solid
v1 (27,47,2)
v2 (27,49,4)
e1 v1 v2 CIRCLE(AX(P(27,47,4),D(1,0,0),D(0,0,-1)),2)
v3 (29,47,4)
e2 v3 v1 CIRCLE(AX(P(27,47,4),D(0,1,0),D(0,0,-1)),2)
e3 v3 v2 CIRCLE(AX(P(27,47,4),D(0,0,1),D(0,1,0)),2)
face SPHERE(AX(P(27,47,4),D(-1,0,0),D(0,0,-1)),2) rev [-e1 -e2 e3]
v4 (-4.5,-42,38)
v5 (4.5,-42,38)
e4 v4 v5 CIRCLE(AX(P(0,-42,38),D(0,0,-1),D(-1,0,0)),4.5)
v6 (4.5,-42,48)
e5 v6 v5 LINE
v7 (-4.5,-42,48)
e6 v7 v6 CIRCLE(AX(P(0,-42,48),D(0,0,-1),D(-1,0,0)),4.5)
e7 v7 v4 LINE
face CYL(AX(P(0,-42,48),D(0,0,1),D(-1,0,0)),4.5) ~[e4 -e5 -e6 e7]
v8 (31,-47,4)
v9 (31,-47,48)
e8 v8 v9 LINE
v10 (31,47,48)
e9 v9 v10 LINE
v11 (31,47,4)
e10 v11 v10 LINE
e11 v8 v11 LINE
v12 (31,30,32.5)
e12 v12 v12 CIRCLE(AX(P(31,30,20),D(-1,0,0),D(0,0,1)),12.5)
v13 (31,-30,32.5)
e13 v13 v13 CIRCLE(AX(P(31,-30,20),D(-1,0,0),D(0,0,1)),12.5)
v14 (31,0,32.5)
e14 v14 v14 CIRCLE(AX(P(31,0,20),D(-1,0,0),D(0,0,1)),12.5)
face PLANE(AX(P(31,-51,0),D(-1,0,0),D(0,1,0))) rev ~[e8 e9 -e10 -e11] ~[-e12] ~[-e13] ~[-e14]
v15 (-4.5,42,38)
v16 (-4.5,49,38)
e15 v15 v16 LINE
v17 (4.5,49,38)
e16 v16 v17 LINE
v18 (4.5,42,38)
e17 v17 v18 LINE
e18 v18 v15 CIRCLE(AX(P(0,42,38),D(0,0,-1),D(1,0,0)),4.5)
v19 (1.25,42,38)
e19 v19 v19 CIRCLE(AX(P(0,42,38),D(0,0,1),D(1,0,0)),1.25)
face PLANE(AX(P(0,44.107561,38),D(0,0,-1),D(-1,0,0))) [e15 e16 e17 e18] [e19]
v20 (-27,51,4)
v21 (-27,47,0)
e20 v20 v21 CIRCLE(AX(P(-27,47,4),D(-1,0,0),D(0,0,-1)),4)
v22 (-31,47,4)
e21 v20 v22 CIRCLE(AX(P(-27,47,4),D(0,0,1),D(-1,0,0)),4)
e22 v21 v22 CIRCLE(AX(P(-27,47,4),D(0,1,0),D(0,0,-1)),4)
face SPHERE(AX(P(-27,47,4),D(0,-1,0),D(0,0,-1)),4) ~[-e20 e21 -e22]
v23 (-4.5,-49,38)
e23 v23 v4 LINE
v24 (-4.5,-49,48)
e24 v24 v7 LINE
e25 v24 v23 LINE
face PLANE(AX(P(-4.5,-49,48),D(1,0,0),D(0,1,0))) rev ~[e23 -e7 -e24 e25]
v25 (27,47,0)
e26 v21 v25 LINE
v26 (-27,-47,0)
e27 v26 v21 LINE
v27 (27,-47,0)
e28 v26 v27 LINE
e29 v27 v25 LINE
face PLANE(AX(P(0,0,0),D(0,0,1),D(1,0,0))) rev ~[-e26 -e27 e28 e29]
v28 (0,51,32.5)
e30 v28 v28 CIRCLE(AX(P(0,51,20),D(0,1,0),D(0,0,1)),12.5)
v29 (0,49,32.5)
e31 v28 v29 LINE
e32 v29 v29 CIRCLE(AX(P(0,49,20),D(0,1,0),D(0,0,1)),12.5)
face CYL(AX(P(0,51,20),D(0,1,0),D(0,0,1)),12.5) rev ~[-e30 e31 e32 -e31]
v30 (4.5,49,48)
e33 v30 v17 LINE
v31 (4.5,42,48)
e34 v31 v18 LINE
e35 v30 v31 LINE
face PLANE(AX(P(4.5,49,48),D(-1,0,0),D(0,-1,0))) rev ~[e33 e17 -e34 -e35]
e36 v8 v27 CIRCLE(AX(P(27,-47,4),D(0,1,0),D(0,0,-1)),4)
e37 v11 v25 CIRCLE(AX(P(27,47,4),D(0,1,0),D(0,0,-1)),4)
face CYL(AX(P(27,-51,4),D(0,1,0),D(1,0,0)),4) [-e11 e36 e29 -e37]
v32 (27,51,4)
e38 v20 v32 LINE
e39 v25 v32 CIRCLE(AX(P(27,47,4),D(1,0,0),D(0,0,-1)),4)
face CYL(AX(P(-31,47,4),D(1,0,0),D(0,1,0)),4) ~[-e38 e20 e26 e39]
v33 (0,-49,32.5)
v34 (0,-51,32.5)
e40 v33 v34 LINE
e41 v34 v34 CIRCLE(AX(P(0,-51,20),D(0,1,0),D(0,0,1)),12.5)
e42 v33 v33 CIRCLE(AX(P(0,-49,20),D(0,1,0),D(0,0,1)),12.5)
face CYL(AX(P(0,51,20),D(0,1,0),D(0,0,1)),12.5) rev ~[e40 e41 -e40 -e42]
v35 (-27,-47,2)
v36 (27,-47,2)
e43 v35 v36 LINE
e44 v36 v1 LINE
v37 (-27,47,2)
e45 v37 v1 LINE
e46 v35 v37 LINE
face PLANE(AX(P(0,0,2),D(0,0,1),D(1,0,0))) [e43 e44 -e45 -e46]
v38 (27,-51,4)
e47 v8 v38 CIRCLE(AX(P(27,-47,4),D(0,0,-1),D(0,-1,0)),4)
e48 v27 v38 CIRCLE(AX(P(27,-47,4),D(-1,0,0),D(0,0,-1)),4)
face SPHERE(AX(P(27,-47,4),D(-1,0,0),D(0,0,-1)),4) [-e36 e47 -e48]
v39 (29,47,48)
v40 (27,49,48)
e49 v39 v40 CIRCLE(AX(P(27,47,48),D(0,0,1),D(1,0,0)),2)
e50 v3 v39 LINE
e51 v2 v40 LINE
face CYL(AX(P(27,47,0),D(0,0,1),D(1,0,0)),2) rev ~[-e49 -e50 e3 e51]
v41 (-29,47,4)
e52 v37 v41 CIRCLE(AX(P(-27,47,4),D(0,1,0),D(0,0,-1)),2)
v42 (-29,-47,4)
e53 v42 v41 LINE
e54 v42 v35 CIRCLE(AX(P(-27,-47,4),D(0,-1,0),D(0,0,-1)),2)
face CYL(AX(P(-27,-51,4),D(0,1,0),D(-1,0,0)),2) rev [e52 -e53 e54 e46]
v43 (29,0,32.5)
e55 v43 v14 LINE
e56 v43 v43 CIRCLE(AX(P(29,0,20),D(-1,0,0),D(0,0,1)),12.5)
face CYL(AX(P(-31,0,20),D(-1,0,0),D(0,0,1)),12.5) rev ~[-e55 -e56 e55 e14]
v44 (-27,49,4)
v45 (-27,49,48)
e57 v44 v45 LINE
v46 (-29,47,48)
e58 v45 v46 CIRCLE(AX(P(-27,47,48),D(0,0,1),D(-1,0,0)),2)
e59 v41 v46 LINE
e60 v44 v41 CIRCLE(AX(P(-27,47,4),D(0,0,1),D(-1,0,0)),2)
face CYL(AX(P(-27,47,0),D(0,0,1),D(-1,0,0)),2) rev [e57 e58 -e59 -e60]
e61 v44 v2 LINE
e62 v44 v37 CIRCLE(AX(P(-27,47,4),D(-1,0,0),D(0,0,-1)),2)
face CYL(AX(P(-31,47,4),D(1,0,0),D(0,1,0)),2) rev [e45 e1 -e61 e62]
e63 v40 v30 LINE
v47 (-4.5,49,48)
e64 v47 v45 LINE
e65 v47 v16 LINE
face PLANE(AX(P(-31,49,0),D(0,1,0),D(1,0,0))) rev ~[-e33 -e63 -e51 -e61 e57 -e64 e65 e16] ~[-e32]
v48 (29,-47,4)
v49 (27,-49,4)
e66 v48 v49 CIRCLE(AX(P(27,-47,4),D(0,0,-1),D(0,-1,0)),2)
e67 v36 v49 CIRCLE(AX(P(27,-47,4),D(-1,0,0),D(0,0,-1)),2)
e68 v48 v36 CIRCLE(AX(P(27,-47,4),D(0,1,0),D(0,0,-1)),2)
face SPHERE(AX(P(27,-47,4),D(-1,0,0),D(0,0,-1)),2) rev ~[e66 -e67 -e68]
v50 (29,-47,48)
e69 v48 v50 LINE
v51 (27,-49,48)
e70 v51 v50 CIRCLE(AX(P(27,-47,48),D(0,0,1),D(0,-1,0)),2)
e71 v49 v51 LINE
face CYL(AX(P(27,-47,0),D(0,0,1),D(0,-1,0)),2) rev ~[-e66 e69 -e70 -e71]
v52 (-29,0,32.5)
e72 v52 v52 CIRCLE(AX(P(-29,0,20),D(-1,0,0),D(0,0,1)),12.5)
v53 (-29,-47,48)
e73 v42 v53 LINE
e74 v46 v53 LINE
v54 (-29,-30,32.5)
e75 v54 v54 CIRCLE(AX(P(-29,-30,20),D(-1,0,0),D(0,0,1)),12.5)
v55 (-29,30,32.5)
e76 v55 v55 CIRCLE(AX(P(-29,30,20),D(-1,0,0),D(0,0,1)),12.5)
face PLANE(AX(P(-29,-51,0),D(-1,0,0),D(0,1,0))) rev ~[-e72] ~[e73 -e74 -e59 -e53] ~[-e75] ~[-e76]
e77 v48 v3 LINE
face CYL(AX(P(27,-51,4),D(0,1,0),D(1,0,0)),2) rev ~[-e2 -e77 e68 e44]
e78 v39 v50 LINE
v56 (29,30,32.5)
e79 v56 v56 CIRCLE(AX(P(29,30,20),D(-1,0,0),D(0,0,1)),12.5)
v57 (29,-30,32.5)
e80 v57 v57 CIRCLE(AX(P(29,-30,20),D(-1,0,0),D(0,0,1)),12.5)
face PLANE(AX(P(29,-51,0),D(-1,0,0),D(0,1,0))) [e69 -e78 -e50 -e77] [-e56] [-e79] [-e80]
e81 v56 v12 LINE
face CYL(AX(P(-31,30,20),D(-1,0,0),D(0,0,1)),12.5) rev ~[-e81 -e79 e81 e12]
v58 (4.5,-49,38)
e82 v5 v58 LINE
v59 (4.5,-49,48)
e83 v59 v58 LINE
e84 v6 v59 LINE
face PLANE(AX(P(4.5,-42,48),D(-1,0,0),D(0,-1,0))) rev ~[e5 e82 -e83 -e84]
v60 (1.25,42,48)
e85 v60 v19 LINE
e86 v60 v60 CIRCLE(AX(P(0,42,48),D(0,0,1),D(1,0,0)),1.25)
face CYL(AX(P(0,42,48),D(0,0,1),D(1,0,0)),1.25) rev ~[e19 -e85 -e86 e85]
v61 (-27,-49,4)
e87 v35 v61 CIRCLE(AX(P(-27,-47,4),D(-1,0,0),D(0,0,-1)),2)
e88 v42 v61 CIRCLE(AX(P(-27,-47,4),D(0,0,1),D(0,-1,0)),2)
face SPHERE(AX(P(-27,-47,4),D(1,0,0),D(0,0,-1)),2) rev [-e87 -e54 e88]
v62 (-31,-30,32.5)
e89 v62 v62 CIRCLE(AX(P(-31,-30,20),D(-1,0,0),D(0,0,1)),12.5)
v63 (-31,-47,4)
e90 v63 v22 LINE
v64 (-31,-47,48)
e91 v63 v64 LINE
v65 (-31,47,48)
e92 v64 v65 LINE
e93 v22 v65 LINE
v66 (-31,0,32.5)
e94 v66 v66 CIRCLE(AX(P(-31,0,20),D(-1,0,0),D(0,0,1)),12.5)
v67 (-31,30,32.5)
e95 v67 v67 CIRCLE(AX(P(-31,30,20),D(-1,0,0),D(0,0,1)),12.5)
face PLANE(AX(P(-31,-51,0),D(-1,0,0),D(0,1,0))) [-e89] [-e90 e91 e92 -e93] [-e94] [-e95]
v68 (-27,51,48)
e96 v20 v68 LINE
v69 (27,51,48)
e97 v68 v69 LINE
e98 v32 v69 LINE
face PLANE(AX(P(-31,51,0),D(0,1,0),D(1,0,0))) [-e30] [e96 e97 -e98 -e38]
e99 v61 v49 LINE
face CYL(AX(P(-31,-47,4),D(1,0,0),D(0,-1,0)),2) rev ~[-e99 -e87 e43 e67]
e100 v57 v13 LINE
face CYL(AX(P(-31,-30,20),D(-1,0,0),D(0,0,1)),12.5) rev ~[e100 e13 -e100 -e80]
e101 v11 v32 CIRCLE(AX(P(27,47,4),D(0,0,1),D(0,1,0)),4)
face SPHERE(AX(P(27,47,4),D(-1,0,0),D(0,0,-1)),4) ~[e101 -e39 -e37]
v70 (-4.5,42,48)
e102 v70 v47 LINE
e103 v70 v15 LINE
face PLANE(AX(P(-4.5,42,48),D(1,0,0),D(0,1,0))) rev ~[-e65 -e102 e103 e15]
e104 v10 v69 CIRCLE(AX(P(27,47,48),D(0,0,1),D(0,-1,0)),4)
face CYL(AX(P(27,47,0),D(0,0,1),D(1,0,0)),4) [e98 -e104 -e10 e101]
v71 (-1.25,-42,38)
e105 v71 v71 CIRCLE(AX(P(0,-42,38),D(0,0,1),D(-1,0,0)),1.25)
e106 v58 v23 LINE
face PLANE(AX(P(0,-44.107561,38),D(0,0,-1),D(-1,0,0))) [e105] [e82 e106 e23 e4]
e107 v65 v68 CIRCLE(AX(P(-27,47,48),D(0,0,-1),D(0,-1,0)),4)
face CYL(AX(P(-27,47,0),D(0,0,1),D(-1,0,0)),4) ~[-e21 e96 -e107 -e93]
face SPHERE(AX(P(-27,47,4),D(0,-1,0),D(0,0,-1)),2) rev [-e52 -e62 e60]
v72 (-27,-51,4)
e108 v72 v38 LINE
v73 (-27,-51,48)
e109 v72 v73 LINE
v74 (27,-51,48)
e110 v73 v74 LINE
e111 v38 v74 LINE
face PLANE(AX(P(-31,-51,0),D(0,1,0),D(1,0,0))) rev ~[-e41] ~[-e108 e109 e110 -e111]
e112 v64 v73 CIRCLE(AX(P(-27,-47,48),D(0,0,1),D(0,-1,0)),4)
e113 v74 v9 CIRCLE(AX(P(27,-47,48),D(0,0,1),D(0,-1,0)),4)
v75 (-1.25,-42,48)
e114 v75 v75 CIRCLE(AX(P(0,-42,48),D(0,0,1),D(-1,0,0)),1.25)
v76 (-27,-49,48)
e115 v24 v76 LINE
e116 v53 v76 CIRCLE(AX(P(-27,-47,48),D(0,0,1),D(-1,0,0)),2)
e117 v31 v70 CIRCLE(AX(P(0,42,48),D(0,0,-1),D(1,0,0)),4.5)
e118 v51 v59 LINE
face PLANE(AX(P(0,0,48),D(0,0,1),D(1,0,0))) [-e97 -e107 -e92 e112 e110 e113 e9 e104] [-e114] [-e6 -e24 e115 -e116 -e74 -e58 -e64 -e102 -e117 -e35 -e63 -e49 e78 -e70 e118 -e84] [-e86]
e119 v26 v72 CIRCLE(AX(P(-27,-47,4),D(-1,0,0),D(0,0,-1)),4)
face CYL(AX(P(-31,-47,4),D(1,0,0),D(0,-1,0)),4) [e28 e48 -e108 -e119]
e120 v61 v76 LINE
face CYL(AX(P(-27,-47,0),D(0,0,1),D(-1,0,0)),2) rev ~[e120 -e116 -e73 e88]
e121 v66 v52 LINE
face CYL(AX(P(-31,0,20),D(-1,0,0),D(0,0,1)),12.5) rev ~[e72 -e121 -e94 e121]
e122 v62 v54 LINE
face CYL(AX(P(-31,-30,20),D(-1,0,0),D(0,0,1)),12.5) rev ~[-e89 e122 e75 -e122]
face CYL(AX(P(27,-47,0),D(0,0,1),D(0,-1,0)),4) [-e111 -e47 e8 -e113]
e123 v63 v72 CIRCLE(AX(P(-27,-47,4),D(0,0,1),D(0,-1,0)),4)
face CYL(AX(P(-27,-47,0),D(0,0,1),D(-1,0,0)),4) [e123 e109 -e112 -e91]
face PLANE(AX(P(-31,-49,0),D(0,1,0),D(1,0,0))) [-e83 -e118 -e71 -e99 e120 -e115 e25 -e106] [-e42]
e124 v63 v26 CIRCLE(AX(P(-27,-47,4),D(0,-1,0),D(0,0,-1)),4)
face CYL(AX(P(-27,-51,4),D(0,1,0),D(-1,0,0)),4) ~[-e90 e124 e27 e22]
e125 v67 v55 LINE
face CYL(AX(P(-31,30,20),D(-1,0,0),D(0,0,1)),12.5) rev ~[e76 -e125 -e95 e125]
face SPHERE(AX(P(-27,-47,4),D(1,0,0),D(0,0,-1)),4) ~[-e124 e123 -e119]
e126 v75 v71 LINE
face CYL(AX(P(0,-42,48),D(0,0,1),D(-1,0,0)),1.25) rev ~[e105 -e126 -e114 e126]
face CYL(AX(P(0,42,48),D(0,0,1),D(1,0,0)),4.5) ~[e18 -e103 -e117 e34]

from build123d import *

# Parameters (mm, degrees)
ESBO_O1_W                = 62
ESBO_O1_H                = 102
RESSALTO_EXTRUS_O1_DEPTH = 48
FILETE1_R                = 4
CASCA1_T                 = -2
ESBO_O2_R                = 12.5
CORTE_EXTRUS_O1_DEPTH    = 94.536089292
ESBO_O3_R                = 12.5
CORTE_EXTRUS_O2_DEPTH    = 117.914498673
ESBO_O4_R                = 1.25
RESSALTO_EXTRUS_O2_DEPTH = 10


with BuildPart() as part:
    # Esboço1 → Ressalto-extrusão1 (new body)
    with BuildSketch(Plane.XY):
        Rectangle(ESBO_O1_W, ESBO_O1_H)
    extrude(amount=RESSALTO_EXTRUS_O1_DEPTH)

    # Filete1
    filete1_edges = [part.edges().sort_by_distance(p)[0] for p in [
        (0, -51, 0),
        (-31, 0, 0),
        (0, 51, 0),
        (31, 0, 0),
        (31, -51, 24),
        (-31, -51, 24),
        (-31, 51, 24),
        (31, 51, 24),
    ]]
    fillet(filete1_edges, radius=FILETE1_R)

    # Casca1
    casca1_openings = [part.faces().sort_by_distance(p)[0] for p in [
        (0, 0, 48),
    ]]
    offset(amount=CASCA1_T, openings=casca1_openings, kind=Kind.INTERSECTION)

    # Esboço2 → Corte-extrusão1 (cut, through all)
    with BuildSketch(Plane.ZY.offset(31)):
        with Locations((20, 0)):
            Circle(ESBO_O2_R)
        with Locations((20, 30)):
            Circle(ESBO_O2_R)
        with Locations((20, -30)):
            Circle(ESBO_O2_R)
    extrude(amount=-CORTE_EXTRUS_O1_DEPTH, mode=Mode.SUBTRACT)

    # Esboço3 → Corte-extrusão2 (cut, through all)
    with BuildSketch(Plane(origin=(0, 51, 0), x_dir=(1, 0, 0), z_dir=(0, 1, 0))):
        with Locations(Location((0, -20, 0), (0, 0, 270))):
            Circle(ESBO_O3_R)
    extrude(amount=-CORTE_EXTRUS_O2_DEPTH, mode=Mode.SUBTRACT)

    # Esboço4 → Ressalto-extrusão2 (add)
    # profile 1 of 2: a face of its own
    with BuildSketch(Plane.XY.offset(48)):
        with BuildLine():
            Line((-4.5, 42), (-4.5, 49))
            Line((-4.5, 49), (4.5, 49))
            Line((4.5, 49), (4.5, 42))
            ThreePointArc((4.5, 42), (0, 37.5), (-4.5, 42))
        make_face()
        with Locations((0, 42)):
            Circle(ESBO_O4_R, mode=Mode.SUBTRACT)
    # profile 2 of 2: a face of its own
    with BuildSketch(Plane.XY.offset(48)):
        with BuildLine():
            Line((4.5, -49), (-4.5, -49))
            Line((-4.5, -49), (-4.5, -42))
            ThreePointArc((-4.5, -42), (0, -37.5), (4.5, -42))
            Line((4.5, -42), (4.5, -49))
        make_face()
        with Locations(Location((0, -42, 0), (0, 0, 180))):
            Circle(ESBO_O4_R, mode=Mode.SUBTRACT)
    extrude(amount=-RESSALTO_EXTRUS_O2_DEPTH)


solid = part.part
